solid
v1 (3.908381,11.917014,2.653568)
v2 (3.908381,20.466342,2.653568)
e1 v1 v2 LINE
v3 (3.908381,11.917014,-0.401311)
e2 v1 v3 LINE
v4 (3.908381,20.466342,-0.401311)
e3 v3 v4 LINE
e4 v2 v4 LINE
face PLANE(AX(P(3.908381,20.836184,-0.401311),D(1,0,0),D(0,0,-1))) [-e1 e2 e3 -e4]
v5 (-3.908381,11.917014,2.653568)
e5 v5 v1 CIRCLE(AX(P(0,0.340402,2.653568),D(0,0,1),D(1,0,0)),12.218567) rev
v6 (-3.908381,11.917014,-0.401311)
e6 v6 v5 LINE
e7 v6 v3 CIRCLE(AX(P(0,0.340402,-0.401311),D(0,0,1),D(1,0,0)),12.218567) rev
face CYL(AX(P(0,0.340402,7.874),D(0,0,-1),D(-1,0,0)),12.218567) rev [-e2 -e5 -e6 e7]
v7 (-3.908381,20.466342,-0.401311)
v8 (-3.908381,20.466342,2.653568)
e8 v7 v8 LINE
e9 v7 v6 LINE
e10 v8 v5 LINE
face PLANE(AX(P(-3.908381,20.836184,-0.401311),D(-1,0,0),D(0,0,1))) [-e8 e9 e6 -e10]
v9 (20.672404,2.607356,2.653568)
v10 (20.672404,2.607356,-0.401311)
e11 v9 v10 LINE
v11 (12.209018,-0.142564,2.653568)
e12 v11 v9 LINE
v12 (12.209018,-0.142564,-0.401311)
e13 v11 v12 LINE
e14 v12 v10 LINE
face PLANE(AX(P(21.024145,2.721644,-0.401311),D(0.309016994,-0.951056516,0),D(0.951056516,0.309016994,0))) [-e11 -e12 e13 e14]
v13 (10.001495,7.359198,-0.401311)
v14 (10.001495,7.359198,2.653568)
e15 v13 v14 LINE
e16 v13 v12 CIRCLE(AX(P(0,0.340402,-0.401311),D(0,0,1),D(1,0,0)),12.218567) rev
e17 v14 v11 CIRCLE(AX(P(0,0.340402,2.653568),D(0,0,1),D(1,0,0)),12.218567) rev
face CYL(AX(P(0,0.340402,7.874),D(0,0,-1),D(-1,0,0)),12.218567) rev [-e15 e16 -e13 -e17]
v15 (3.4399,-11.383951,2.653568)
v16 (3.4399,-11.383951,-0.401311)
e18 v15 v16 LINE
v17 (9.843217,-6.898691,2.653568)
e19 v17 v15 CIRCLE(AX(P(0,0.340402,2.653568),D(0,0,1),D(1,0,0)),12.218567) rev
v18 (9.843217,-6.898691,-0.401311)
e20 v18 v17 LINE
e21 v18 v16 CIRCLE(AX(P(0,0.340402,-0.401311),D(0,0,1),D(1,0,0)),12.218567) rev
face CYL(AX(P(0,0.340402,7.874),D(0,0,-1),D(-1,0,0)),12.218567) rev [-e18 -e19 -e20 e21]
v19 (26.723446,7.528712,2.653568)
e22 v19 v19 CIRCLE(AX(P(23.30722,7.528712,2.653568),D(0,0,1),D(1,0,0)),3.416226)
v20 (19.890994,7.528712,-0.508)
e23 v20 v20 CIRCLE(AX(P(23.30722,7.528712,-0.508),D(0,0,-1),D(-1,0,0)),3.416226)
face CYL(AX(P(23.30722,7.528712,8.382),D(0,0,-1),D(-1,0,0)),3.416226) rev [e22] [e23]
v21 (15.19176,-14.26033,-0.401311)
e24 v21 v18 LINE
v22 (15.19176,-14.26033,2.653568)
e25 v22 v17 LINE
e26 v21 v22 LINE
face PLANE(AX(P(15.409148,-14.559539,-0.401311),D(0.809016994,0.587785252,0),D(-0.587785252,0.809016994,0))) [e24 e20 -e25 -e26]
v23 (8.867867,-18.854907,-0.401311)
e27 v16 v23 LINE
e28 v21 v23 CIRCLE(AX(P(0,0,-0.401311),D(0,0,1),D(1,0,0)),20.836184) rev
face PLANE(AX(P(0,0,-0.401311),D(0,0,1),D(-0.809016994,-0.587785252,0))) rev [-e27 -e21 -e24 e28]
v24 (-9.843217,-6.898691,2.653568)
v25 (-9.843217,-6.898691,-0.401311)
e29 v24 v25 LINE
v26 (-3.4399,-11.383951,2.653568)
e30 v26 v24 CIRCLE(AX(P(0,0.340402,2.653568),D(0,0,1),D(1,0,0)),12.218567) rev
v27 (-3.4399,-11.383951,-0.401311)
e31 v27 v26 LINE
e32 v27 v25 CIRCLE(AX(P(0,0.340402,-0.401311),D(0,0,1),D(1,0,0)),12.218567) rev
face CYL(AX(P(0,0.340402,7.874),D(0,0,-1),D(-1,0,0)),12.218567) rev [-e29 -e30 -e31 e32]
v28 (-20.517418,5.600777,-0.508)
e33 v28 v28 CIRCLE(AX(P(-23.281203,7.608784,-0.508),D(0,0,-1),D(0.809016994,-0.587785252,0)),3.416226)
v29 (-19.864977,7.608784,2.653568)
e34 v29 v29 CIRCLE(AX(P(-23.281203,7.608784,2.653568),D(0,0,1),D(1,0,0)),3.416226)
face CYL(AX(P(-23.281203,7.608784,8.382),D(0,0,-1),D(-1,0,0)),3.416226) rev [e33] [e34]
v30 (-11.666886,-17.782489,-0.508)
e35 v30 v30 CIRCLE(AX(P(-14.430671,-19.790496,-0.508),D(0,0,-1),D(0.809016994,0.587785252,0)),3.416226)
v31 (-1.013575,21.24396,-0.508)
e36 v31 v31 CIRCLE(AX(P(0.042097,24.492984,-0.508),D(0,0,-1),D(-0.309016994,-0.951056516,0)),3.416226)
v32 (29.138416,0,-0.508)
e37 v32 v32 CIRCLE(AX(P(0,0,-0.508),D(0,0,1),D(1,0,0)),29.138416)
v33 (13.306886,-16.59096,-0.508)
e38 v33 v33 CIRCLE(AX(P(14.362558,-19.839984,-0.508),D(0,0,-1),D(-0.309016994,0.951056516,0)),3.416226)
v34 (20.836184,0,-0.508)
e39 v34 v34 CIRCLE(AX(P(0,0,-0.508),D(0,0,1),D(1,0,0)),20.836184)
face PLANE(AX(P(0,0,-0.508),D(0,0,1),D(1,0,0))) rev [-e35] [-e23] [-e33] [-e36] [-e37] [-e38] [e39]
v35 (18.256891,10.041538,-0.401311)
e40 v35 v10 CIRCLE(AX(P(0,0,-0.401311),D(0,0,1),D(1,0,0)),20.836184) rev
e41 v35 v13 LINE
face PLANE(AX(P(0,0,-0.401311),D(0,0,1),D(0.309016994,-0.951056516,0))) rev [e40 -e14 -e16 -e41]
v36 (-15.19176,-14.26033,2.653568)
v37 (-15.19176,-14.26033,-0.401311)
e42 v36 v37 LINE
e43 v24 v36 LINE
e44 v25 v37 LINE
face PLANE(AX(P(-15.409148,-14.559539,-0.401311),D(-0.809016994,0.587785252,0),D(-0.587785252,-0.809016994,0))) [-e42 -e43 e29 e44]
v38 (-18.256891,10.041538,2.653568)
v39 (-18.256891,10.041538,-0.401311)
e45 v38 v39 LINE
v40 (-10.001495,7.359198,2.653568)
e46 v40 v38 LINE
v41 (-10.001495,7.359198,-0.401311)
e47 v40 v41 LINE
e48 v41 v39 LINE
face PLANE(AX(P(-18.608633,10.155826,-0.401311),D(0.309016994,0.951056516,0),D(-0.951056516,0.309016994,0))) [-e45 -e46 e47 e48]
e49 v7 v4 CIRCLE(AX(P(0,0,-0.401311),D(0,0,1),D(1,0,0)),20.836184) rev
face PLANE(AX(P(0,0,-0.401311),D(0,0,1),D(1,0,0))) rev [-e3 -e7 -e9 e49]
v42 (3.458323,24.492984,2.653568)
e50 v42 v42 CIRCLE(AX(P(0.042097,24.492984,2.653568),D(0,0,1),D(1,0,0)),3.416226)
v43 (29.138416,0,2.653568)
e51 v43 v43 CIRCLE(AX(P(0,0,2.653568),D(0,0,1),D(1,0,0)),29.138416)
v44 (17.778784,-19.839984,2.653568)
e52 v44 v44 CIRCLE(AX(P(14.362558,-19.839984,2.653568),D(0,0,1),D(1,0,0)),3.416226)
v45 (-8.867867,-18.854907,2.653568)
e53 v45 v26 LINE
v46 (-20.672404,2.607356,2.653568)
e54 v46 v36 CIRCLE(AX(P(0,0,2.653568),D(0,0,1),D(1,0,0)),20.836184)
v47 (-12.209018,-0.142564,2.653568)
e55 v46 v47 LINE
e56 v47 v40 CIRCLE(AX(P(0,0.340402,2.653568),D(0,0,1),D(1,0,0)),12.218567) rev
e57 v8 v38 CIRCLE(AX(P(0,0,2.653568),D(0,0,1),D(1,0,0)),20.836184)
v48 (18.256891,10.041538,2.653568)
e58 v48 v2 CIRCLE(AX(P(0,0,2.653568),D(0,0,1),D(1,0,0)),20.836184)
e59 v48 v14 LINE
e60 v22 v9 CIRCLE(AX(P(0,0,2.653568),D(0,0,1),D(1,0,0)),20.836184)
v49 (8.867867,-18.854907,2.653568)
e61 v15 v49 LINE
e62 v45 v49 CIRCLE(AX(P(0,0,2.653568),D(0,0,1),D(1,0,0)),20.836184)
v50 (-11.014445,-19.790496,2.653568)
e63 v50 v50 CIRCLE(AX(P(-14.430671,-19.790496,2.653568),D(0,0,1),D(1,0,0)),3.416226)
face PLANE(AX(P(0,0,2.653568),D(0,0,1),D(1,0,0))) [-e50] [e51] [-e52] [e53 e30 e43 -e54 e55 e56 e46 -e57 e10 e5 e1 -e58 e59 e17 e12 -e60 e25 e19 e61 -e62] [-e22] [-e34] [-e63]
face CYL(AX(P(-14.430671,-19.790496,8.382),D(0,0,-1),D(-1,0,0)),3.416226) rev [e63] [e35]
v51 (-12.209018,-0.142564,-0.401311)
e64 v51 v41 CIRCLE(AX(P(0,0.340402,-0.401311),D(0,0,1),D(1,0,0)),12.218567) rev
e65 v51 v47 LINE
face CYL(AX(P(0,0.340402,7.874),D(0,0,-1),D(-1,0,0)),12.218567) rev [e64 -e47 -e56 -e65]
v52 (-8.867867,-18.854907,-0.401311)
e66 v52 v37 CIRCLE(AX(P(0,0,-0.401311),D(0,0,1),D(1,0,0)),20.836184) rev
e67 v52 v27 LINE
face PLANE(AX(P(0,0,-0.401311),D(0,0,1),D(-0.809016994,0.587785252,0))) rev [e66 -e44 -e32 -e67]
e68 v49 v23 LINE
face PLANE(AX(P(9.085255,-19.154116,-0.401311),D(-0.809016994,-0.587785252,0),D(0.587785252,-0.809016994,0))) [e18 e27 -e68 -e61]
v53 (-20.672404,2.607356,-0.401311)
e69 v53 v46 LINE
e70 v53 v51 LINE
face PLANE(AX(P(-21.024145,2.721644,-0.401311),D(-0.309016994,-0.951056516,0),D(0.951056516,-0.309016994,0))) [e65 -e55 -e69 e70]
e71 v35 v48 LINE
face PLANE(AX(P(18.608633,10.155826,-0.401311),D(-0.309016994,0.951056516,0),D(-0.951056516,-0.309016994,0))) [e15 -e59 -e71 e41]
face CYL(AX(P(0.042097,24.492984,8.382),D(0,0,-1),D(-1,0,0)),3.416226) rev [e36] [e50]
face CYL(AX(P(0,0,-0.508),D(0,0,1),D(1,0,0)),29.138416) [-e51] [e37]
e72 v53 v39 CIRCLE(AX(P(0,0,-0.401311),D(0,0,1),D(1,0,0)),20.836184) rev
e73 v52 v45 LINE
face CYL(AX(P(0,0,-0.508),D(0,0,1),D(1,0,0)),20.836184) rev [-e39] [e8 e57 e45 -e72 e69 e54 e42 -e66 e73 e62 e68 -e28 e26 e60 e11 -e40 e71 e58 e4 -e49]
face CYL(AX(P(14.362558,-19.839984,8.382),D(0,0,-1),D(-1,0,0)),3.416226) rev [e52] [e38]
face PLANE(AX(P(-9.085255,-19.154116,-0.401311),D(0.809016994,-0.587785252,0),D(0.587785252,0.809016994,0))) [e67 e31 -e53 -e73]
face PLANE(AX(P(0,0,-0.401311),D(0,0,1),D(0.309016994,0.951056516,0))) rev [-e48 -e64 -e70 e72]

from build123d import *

# Parameters (mm, degrees)
RING_DEPTH              = 2.653567955
RING_DEPTH_BACK         = 0.508
SKETCH2_R               = 29.138416471
SKETCH2_R_2             = 20.83618439
TEETH_START             = -0.401310706
SKETCH4_W               = 7.816761814
SKETCH4_H               = 9.871955338
TEETH_DEPTH             = 3.054878706
CIRPATTERN1_COUNT       = 5
SKETCH6_R               = 3.416225964
CUT_EXTRUDE1_DEPTH      = 8.89
CIRPATTERN2_COUNT       = 5
CUT_EXTRUDE3_DEPTH      = 7.874
CUT_EXTRUDE3_DEPTH_BACK = 5.08
SKETCH7_R               = 12.218567197


with BuildPart() as part:
    # Sketch2 → Ring (new, two sides: drawn at the far end of the back side and taken through both)
    with BuildSketch(Plane.XY.offset(-RING_DEPTH_BACK)):
        Circle(SKETCH2_R)
        Circle(SKETCH2_R_2, mode=Mode.SUBTRACT)
    extrude(amount=RING_DEPTH + RING_DEPTH_BACK)

    # Sketch4 → Teeth (add)
    with BuildSketch(Plane.XY.offset(TEETH_START)):
        with Locations((0, 15.900206721)):
            Rectangle(SKETCH4_W, SKETCH4_H)
    teeth = extrude(amount=TEETH_DEPTH)

    # CirPattern1: Teeth ×5 about axis
    cirpattern1_axis = Axis((0, 0, 0), (0, 0, 1))
    for i in range(1, CIRPATTERN1_COUNT):
        add(teeth.rotate(cirpattern1_axis, i * 360 / CIRPATTERN1_COUNT))

    # Sketch6 → Cut-Extrude1 (cut)
    with BuildSketch(Plane(origin=(0, 0, -0.508), x_dir=(-1, 0, 0), z_dir=(0, 0, -1))):
        with Locations((-23.307220113, 7.528711947)):
            Circle(SKETCH6_R)
    cut_extrude1 = extrude(amount=-CUT_EXTRUDE1_DEPTH, mode=Mode.SUBTRACT)

    # CirPattern2: Cut-Extrude1 ×5 about axis
    cirpattern2_axis = Axis((0, 0, 0), (0, 0, 1))
    for i in range(1, CIRPATTERN2_COUNT):
        add(cut_extrude1.rotate(cirpattern2_axis, i * 360 / CIRPATTERN2_COUNT), mode=Mode.SUBTRACT)

    # Sketch7 → Cut-Extrude3 (cut, two sides: drawn at the far end of the back side and taken through both)
    with BuildSketch(Plane.XY.offset(-CUT_EXTRUDE3_DEPTH_BACK)):
        with Locations((0, 0.340402239)):
            Circle(SKETCH7_R)
    extrude(amount=CUT_EXTRUDE3_DEPTH + CUT_EXTRUDE3_DEPTH_BACK, mode=Mode.SUBTRACT)


solid = part.part
